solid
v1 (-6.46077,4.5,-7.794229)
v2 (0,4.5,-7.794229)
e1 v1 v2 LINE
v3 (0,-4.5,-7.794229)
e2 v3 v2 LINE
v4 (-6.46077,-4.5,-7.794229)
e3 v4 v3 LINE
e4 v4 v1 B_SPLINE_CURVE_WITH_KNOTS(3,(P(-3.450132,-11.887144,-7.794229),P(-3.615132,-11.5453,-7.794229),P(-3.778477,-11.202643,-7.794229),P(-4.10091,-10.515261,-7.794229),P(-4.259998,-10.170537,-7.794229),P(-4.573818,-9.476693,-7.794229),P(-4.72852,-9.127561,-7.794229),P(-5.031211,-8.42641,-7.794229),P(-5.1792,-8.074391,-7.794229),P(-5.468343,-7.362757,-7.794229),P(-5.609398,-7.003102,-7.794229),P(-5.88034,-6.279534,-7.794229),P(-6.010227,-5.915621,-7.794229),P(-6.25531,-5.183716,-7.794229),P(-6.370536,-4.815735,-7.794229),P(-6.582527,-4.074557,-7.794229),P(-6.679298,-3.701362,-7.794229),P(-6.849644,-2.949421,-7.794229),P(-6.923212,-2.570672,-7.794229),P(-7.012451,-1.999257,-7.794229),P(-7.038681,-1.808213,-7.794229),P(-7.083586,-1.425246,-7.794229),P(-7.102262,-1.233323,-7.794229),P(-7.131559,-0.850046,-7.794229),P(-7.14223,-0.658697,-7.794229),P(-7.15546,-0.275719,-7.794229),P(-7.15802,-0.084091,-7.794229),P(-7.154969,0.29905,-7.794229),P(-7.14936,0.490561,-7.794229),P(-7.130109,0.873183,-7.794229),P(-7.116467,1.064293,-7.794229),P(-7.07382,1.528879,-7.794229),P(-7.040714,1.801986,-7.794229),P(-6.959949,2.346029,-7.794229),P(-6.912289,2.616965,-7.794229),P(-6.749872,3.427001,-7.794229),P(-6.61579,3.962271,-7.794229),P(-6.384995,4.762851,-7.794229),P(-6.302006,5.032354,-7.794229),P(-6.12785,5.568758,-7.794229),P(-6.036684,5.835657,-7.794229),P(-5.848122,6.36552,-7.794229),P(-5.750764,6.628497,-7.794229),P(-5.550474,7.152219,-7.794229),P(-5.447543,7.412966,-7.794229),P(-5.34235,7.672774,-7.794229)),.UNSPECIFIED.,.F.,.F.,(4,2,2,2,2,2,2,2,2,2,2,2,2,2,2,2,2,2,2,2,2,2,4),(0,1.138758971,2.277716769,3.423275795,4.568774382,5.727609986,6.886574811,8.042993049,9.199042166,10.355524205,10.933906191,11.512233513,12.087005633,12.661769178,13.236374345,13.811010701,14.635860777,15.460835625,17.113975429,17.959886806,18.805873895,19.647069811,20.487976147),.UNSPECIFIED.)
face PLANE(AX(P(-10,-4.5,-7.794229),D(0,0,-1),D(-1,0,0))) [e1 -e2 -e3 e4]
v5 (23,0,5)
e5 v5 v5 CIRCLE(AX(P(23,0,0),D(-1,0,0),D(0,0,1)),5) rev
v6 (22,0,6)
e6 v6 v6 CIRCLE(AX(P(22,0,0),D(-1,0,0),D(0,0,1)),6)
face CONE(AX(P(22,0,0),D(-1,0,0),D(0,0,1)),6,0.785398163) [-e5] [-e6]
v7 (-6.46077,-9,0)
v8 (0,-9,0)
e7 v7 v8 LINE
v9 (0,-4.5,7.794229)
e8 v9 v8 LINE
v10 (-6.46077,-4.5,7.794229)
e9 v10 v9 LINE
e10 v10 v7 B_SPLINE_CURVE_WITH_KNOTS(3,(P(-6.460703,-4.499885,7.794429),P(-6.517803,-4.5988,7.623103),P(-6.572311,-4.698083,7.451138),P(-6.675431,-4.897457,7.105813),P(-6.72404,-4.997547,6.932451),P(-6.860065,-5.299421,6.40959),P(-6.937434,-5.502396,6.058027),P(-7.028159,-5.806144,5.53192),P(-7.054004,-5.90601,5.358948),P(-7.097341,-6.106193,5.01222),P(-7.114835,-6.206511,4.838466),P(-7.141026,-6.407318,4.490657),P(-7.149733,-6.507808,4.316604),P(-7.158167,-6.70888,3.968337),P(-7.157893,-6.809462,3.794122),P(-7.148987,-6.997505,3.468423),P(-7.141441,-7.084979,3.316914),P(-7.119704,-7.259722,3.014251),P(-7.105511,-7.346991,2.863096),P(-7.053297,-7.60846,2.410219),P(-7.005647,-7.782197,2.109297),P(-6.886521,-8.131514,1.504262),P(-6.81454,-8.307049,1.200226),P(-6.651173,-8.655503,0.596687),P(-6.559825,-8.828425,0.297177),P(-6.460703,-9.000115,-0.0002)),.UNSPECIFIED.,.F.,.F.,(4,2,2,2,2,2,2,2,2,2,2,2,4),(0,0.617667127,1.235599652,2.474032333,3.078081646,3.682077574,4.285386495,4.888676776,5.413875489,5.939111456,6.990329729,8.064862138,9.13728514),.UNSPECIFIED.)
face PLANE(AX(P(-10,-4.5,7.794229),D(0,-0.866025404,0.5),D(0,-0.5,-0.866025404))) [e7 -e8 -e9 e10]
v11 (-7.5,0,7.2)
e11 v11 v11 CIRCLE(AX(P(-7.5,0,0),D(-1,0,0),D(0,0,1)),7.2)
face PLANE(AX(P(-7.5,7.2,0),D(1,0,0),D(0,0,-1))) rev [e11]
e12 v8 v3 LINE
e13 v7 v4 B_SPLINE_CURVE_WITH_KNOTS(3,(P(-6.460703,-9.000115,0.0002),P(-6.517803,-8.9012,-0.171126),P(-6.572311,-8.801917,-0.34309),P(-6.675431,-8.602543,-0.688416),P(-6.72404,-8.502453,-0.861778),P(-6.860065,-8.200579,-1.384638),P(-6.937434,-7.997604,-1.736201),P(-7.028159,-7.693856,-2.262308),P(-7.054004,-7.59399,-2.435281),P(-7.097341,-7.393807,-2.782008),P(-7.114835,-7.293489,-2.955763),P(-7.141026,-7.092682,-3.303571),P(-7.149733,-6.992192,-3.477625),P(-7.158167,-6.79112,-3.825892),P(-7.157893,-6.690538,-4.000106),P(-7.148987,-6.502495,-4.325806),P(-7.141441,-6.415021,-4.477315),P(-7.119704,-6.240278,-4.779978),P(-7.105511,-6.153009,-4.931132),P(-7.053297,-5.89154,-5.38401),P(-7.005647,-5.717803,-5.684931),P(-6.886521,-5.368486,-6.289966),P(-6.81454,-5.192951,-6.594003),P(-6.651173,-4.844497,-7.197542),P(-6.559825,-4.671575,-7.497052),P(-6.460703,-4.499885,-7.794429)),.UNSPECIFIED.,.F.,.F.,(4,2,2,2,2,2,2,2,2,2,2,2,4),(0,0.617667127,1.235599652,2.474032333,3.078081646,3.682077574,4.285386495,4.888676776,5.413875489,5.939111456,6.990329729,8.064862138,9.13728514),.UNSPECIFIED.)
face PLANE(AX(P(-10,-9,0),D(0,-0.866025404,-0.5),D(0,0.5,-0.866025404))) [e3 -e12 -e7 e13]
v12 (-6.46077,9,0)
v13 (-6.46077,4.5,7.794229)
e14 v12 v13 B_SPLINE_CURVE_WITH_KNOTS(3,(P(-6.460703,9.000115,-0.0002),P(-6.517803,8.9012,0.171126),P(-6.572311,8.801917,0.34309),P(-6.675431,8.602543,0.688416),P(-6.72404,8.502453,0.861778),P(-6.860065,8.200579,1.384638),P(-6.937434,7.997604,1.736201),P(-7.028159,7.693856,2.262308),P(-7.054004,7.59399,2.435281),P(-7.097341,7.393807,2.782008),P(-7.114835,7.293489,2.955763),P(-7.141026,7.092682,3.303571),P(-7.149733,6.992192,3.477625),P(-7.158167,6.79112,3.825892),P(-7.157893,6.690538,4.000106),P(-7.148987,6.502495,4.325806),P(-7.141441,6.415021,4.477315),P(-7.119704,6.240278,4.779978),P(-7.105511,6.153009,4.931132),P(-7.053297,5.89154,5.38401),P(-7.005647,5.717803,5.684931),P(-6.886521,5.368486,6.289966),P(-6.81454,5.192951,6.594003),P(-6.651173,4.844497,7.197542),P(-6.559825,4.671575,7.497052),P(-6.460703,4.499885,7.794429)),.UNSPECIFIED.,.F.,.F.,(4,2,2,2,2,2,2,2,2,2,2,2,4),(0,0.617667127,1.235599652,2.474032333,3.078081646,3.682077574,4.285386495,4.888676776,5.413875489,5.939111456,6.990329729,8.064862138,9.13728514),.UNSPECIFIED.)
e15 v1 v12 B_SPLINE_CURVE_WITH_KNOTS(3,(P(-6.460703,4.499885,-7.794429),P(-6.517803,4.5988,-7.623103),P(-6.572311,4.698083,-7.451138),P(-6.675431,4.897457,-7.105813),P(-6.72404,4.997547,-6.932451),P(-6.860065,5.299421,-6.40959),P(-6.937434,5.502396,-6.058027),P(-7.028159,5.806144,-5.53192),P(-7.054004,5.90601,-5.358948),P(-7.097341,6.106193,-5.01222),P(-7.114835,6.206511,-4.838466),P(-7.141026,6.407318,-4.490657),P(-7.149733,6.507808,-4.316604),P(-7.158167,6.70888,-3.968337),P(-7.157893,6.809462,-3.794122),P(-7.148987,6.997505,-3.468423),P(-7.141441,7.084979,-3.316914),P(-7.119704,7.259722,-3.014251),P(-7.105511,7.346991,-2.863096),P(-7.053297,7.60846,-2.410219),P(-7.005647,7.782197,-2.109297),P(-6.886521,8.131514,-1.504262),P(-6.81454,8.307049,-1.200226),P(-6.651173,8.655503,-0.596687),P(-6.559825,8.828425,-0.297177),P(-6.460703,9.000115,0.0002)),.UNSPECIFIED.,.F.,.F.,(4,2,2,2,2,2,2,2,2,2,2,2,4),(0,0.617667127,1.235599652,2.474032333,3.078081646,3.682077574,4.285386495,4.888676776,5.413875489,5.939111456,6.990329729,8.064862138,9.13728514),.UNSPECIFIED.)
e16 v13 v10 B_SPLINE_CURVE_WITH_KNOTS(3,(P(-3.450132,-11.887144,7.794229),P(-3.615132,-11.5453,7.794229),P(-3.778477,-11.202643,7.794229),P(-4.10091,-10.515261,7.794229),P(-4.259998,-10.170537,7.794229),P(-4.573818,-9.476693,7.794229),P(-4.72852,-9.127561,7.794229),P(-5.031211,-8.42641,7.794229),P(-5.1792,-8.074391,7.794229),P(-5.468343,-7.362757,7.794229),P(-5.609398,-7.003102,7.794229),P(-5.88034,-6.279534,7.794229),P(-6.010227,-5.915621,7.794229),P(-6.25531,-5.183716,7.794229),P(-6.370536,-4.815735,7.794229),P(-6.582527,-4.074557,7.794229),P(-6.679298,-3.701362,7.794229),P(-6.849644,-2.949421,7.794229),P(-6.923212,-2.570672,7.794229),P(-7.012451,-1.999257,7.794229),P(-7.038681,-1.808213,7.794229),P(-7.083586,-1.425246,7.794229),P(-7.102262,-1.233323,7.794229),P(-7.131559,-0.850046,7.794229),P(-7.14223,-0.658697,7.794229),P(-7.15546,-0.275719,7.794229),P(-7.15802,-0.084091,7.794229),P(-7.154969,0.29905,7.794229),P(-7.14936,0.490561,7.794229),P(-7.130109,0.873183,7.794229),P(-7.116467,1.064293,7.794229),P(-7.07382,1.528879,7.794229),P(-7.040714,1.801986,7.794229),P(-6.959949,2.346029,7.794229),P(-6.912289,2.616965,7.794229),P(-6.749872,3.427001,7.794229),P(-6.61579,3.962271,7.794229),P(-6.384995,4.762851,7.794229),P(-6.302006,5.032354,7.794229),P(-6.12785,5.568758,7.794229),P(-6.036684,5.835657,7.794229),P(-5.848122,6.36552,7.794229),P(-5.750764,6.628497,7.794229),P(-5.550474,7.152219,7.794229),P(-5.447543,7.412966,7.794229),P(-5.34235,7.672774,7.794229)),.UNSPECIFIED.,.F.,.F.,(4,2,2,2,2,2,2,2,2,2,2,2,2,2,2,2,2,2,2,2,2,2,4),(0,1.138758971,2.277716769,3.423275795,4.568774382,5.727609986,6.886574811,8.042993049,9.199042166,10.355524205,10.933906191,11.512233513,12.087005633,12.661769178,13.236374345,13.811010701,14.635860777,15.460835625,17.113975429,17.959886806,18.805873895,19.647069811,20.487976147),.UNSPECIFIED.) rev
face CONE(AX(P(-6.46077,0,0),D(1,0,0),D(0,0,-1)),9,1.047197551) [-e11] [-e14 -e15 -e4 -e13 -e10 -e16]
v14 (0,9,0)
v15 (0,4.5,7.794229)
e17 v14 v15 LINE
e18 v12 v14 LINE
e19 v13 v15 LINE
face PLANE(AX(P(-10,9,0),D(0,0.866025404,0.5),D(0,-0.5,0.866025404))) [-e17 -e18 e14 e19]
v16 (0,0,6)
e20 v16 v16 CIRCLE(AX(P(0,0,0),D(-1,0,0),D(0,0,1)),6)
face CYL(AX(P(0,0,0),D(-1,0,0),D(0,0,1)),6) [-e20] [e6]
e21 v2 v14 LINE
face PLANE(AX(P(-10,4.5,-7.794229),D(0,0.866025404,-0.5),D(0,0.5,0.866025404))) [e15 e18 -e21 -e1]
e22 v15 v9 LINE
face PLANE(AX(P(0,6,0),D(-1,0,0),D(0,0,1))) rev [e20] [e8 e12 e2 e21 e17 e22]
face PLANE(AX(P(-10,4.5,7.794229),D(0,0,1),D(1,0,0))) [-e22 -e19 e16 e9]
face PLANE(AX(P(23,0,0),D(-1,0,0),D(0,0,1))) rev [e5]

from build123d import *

# Parameters (mm, degrees)
SKETCH_2_OUTSIDE_W  = 27.946
SKETCH_2_OUTSIDE_H  = 27.946
CUT_EXTRUDE_1_DEPTH = 10
CHAMFER_1_SIZE      = 1


with BuildPart() as part:
    # Эскиз1 → Повернуть1 (revolve)
    with BuildSketch(Plane.XY, mode=Mode.PRIVATE) as revolve_1_sk:
        Polygon((0, 0), (23, 0), (23, 6), (0, 6), (0, 9), (-6.460769515, 9), (-7.5, 7.2), (-7.5, 0), align=None)
    revolve(revolve_1_sk.sketch.rotate(Axis((0, 0, 0), (1, 0, 0)), 90), axis=Axis((0, 0, 0), (1, 0, 0)))

    # Эскиз2 outside → Вырез-Вытянуть1 (cut)
    with BuildSketch(Plane(origin=(0, 0, 0), x_dir=(0, 0, -1), z_dir=(1, 0, 0))):
        Rectangle(SKETCH_2_OUTSIDE_W, SKETCH_2_OUTSIDE_H)
        Polygon((7.794228634, 4.5), (0, 9), (-7.794228634, 4.5), (-7.794228634, -4.5), (0, -9), (7.794228634, -4.5), align=None, mode=Mode.SUBTRACT)
    extrude(amount=-CUT_EXTRUDE_1_DEPTH, mode=Mode.SUBTRACT)

    # Фаска1
    chamfer_1_edges = [part.edges().sort_by_distance(p)[0] for p in [
        (23, 0, -6),
    ]]
    chamfer(chamfer_1_edges, length=CHAMFER_1_SIZE)


solid = part.part
